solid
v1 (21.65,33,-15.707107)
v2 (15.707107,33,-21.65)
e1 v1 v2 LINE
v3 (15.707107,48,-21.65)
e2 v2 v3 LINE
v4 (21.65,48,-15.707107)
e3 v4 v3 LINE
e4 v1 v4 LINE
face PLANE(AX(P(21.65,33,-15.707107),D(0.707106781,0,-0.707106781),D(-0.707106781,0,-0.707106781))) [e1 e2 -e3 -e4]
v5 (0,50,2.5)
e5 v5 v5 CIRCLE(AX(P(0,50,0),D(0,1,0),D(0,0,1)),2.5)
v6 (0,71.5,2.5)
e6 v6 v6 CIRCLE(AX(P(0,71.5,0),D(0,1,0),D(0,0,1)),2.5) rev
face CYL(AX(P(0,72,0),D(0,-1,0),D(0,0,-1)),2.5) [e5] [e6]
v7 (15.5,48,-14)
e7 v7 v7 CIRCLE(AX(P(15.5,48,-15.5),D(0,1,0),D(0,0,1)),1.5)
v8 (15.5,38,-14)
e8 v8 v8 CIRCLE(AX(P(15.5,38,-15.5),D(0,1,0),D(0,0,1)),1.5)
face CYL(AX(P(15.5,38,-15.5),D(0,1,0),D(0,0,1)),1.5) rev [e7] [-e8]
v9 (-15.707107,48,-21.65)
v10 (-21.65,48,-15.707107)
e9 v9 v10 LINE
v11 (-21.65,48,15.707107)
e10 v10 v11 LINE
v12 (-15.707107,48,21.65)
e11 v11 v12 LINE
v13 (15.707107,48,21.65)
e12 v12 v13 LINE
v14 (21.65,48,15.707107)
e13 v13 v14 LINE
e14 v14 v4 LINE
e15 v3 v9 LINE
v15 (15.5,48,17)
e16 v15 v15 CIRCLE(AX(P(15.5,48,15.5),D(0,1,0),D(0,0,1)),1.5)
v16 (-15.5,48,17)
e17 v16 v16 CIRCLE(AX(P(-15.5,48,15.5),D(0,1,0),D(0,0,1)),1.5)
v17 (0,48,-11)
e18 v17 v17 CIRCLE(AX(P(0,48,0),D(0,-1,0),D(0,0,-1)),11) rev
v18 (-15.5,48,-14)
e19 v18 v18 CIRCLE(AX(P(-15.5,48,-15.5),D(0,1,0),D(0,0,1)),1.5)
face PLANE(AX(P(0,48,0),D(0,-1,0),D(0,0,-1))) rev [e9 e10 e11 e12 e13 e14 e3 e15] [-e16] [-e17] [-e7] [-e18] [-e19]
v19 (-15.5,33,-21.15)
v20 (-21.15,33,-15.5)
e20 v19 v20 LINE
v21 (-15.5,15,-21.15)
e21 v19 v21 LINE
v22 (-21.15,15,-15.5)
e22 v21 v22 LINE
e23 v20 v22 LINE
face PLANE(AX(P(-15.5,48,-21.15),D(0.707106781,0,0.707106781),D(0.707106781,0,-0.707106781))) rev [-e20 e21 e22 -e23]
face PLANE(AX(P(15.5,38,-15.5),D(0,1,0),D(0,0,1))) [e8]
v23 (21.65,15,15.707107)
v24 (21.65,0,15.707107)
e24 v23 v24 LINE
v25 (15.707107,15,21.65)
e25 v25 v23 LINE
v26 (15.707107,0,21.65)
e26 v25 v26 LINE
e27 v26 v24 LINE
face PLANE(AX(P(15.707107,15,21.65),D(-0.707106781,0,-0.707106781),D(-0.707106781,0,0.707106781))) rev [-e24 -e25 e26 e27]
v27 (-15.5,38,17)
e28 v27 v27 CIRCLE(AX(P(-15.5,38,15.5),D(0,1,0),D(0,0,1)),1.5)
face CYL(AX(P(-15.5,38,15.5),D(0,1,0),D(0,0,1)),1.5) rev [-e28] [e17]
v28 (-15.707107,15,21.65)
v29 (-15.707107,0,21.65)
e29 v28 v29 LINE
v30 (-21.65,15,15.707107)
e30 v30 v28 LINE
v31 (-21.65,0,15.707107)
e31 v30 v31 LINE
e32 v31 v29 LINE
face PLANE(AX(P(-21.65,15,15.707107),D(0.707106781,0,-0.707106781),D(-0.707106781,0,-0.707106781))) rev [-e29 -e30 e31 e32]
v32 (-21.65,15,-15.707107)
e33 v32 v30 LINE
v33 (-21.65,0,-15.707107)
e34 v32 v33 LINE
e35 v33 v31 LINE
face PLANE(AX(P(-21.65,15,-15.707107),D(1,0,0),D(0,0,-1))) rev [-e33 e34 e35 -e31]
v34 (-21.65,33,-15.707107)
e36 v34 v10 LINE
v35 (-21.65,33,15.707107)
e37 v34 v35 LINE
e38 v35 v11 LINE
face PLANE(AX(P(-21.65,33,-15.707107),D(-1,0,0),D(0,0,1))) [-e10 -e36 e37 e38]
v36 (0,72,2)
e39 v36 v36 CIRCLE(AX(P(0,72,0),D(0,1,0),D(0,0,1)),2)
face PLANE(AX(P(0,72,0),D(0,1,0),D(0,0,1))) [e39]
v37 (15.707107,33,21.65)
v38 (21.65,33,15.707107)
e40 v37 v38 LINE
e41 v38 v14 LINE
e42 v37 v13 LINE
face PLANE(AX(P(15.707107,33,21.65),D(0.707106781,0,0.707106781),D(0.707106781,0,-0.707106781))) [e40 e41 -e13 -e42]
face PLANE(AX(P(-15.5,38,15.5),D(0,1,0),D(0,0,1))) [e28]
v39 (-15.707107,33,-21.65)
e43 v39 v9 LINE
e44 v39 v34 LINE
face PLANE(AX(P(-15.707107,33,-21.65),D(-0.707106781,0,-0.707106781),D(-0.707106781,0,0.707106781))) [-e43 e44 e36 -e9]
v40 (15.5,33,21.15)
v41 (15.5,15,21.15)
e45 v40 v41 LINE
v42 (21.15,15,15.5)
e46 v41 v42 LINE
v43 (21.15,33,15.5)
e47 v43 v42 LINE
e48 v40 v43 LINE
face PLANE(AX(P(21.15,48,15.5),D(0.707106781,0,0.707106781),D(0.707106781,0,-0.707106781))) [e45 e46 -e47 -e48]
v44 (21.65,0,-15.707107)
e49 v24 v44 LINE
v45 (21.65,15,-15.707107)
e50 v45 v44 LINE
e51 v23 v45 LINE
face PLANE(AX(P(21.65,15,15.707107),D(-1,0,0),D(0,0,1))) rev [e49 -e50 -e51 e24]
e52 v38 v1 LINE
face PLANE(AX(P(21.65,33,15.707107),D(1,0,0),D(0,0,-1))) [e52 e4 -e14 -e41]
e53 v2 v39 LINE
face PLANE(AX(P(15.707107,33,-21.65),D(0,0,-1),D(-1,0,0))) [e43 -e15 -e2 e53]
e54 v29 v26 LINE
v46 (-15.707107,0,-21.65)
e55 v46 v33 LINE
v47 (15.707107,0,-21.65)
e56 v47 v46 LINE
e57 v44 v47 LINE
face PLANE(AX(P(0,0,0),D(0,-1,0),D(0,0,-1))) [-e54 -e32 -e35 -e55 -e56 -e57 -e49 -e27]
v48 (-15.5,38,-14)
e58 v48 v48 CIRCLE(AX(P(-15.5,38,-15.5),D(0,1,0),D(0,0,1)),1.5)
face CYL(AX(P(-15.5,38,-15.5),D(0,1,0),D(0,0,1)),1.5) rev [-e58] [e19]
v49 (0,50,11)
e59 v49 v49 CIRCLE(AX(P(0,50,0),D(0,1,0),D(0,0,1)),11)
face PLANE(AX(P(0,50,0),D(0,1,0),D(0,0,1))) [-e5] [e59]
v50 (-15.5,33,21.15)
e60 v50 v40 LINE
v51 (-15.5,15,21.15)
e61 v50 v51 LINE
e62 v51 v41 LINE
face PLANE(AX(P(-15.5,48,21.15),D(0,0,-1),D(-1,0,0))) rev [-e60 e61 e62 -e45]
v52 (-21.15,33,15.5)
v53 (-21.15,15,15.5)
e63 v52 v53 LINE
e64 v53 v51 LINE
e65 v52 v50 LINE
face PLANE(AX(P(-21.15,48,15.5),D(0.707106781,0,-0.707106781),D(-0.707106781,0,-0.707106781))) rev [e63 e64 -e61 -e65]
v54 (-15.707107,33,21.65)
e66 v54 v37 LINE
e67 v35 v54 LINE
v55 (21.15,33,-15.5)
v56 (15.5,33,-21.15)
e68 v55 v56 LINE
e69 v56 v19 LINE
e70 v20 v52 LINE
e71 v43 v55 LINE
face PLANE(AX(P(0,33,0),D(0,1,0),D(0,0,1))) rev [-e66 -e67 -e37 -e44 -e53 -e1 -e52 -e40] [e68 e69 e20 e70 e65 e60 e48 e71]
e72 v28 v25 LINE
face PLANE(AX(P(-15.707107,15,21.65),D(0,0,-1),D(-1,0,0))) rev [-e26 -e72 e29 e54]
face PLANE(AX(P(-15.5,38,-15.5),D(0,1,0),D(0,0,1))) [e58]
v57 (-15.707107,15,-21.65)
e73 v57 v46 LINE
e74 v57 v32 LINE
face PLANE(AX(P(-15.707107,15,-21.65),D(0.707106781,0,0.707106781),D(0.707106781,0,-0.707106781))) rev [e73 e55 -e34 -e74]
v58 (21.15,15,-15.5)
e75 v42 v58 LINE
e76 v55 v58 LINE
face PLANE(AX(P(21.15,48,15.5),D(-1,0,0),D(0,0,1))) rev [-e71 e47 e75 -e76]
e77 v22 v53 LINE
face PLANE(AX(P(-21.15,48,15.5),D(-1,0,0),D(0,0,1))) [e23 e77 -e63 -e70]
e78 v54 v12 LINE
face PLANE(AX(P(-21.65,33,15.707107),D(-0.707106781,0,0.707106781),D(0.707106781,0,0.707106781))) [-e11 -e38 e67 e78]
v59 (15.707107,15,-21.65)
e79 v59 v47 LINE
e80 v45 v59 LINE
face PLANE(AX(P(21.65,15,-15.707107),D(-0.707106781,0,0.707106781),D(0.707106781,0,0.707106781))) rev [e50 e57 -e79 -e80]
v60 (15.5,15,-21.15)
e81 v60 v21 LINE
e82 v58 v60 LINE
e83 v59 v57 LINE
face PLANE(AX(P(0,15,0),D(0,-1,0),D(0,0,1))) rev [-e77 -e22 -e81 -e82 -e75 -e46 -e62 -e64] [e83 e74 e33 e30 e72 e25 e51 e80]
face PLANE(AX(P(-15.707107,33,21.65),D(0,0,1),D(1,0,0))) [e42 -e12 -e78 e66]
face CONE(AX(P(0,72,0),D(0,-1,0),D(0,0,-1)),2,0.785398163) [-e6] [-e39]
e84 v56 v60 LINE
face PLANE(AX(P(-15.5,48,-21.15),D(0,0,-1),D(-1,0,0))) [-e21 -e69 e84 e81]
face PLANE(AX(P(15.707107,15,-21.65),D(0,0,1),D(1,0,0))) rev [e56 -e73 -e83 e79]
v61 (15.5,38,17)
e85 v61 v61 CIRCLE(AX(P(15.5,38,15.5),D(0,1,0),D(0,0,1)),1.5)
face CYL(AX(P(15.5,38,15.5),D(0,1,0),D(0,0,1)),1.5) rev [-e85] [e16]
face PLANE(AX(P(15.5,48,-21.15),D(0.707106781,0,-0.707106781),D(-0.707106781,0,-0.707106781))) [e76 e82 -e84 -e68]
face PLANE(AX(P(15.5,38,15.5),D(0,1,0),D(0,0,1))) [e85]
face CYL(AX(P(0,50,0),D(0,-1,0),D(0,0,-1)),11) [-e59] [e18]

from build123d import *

# Parameters (mm, degrees)
BOSS_EXTRUDE1_DEPTH = 48
SKETCH2_R           = 11
BOSS_EXTRUDE2_DEPTH = 2
SKETCH3_R           = 2.5
BOSS_EXTRUDE3_DEPTH = 22
CHAMFER1_SIZE       = 0.5
SKETCH4_R           = 1.5
CUT_EXTRUDE1_DEPTH  = 10
BOSS_EXTRUDE5_DEPTH = 15


with BuildPart() as part:
    # Sketch1 → Boss-Extrude1 (new body)
    with BuildSketch(Plane(origin=(0, 0, 0), x_dir=(1, 0, 0), z_dir=(0, 1, 0))):
        Polygon((15.5, 21.15), (21.15, 15.5), (21.15, -15.5), (15.5, -21.15), (-15.5, -21.15), (-21.15, -15.5), (-21.15, 15.5), (-15.5, 21.15), align=None)
    extrude(amount=BOSS_EXTRUDE1_DEPTH)

    # Sketch2 → Boss-Extrude2 (add)
    with BuildSketch(Plane(origin=(0, 48, 0), x_dir=(1, 0, 0), z_dir=(0, 1, 0))):
        Circle(SKETCH2_R)
    extrude(amount=BOSS_EXTRUDE2_DEPTH)

    # Sketch3 → Boss-Extrude3 (add)
    with BuildSketch(Plane(origin=(0, 50, 0), x_dir=(1, 0, 0), z_dir=(0, 1, 0))):
        Circle(SKETCH3_R)
    extrude(amount=BOSS_EXTRUDE3_DEPTH)

    # Chamfer1
    chamfer1_edges = [part.edges().sort_by_distance(p)[0] for p in [
        (-2.5, 72, 0),
    ]]
    chamfer(chamfer1_edges, length=CHAMFER1_SIZE)

    # Sketch4 → Cut-Extrude1 (cut)
    with BuildSketch(Plane(origin=(0, 48, 0), x_dir=(1, 0, 0), z_dir=(0, 1, 0))):
        with Locations((-15.5, 15.5)):
            Circle(SKETCH4_R)
        with Locations((15.5, 15.5)):
            Circle(SKETCH4_R)
        with Locations((15.5, -15.5)):
            Circle(SKETCH4_R)
        with Locations((-15.5, -15.5)):
            Circle(SKETCH4_R)
    extrude(amount=-CUT_EXTRUDE1_DEPTH, mode=Mode.SUBTRACT)

    # Sketch6 → Boss-Extrude5 (add)
    with BuildSketch(Plane(origin=(0, 48, 0), x_dir=(1, 0, 0), z_dir=(0, 1, 0))):
        Polygon((-21.65, -15.707106781), (-15.707106781, -21.65), (15.707106781, -21.65), (21.65, -15.707106781), (21.65, 15.707106781), (15.707106781, 21.65), (-15.707106781, 21.65), (-21.65, 15.707106781), align=None)
        Polygon((-21.15, -15.5), (-15.5, -21.15), (15.5, -21.15), (21.15, -15.5), (21.15, 15.5), (15.5, 21.15), (-15.5, 21.15), (-21.15, 15.5), align=None, mode=Mode.SUBTRACT)
    boss_extrude5 = extrude(amount=-BOSS_EXTRUDE5_DEPTH)

    # Mirror1: Boss-Extrude5 across plane
    add(boss_extrude5.mirror(Plane.ZX.offset(24)))


solid = part.part
